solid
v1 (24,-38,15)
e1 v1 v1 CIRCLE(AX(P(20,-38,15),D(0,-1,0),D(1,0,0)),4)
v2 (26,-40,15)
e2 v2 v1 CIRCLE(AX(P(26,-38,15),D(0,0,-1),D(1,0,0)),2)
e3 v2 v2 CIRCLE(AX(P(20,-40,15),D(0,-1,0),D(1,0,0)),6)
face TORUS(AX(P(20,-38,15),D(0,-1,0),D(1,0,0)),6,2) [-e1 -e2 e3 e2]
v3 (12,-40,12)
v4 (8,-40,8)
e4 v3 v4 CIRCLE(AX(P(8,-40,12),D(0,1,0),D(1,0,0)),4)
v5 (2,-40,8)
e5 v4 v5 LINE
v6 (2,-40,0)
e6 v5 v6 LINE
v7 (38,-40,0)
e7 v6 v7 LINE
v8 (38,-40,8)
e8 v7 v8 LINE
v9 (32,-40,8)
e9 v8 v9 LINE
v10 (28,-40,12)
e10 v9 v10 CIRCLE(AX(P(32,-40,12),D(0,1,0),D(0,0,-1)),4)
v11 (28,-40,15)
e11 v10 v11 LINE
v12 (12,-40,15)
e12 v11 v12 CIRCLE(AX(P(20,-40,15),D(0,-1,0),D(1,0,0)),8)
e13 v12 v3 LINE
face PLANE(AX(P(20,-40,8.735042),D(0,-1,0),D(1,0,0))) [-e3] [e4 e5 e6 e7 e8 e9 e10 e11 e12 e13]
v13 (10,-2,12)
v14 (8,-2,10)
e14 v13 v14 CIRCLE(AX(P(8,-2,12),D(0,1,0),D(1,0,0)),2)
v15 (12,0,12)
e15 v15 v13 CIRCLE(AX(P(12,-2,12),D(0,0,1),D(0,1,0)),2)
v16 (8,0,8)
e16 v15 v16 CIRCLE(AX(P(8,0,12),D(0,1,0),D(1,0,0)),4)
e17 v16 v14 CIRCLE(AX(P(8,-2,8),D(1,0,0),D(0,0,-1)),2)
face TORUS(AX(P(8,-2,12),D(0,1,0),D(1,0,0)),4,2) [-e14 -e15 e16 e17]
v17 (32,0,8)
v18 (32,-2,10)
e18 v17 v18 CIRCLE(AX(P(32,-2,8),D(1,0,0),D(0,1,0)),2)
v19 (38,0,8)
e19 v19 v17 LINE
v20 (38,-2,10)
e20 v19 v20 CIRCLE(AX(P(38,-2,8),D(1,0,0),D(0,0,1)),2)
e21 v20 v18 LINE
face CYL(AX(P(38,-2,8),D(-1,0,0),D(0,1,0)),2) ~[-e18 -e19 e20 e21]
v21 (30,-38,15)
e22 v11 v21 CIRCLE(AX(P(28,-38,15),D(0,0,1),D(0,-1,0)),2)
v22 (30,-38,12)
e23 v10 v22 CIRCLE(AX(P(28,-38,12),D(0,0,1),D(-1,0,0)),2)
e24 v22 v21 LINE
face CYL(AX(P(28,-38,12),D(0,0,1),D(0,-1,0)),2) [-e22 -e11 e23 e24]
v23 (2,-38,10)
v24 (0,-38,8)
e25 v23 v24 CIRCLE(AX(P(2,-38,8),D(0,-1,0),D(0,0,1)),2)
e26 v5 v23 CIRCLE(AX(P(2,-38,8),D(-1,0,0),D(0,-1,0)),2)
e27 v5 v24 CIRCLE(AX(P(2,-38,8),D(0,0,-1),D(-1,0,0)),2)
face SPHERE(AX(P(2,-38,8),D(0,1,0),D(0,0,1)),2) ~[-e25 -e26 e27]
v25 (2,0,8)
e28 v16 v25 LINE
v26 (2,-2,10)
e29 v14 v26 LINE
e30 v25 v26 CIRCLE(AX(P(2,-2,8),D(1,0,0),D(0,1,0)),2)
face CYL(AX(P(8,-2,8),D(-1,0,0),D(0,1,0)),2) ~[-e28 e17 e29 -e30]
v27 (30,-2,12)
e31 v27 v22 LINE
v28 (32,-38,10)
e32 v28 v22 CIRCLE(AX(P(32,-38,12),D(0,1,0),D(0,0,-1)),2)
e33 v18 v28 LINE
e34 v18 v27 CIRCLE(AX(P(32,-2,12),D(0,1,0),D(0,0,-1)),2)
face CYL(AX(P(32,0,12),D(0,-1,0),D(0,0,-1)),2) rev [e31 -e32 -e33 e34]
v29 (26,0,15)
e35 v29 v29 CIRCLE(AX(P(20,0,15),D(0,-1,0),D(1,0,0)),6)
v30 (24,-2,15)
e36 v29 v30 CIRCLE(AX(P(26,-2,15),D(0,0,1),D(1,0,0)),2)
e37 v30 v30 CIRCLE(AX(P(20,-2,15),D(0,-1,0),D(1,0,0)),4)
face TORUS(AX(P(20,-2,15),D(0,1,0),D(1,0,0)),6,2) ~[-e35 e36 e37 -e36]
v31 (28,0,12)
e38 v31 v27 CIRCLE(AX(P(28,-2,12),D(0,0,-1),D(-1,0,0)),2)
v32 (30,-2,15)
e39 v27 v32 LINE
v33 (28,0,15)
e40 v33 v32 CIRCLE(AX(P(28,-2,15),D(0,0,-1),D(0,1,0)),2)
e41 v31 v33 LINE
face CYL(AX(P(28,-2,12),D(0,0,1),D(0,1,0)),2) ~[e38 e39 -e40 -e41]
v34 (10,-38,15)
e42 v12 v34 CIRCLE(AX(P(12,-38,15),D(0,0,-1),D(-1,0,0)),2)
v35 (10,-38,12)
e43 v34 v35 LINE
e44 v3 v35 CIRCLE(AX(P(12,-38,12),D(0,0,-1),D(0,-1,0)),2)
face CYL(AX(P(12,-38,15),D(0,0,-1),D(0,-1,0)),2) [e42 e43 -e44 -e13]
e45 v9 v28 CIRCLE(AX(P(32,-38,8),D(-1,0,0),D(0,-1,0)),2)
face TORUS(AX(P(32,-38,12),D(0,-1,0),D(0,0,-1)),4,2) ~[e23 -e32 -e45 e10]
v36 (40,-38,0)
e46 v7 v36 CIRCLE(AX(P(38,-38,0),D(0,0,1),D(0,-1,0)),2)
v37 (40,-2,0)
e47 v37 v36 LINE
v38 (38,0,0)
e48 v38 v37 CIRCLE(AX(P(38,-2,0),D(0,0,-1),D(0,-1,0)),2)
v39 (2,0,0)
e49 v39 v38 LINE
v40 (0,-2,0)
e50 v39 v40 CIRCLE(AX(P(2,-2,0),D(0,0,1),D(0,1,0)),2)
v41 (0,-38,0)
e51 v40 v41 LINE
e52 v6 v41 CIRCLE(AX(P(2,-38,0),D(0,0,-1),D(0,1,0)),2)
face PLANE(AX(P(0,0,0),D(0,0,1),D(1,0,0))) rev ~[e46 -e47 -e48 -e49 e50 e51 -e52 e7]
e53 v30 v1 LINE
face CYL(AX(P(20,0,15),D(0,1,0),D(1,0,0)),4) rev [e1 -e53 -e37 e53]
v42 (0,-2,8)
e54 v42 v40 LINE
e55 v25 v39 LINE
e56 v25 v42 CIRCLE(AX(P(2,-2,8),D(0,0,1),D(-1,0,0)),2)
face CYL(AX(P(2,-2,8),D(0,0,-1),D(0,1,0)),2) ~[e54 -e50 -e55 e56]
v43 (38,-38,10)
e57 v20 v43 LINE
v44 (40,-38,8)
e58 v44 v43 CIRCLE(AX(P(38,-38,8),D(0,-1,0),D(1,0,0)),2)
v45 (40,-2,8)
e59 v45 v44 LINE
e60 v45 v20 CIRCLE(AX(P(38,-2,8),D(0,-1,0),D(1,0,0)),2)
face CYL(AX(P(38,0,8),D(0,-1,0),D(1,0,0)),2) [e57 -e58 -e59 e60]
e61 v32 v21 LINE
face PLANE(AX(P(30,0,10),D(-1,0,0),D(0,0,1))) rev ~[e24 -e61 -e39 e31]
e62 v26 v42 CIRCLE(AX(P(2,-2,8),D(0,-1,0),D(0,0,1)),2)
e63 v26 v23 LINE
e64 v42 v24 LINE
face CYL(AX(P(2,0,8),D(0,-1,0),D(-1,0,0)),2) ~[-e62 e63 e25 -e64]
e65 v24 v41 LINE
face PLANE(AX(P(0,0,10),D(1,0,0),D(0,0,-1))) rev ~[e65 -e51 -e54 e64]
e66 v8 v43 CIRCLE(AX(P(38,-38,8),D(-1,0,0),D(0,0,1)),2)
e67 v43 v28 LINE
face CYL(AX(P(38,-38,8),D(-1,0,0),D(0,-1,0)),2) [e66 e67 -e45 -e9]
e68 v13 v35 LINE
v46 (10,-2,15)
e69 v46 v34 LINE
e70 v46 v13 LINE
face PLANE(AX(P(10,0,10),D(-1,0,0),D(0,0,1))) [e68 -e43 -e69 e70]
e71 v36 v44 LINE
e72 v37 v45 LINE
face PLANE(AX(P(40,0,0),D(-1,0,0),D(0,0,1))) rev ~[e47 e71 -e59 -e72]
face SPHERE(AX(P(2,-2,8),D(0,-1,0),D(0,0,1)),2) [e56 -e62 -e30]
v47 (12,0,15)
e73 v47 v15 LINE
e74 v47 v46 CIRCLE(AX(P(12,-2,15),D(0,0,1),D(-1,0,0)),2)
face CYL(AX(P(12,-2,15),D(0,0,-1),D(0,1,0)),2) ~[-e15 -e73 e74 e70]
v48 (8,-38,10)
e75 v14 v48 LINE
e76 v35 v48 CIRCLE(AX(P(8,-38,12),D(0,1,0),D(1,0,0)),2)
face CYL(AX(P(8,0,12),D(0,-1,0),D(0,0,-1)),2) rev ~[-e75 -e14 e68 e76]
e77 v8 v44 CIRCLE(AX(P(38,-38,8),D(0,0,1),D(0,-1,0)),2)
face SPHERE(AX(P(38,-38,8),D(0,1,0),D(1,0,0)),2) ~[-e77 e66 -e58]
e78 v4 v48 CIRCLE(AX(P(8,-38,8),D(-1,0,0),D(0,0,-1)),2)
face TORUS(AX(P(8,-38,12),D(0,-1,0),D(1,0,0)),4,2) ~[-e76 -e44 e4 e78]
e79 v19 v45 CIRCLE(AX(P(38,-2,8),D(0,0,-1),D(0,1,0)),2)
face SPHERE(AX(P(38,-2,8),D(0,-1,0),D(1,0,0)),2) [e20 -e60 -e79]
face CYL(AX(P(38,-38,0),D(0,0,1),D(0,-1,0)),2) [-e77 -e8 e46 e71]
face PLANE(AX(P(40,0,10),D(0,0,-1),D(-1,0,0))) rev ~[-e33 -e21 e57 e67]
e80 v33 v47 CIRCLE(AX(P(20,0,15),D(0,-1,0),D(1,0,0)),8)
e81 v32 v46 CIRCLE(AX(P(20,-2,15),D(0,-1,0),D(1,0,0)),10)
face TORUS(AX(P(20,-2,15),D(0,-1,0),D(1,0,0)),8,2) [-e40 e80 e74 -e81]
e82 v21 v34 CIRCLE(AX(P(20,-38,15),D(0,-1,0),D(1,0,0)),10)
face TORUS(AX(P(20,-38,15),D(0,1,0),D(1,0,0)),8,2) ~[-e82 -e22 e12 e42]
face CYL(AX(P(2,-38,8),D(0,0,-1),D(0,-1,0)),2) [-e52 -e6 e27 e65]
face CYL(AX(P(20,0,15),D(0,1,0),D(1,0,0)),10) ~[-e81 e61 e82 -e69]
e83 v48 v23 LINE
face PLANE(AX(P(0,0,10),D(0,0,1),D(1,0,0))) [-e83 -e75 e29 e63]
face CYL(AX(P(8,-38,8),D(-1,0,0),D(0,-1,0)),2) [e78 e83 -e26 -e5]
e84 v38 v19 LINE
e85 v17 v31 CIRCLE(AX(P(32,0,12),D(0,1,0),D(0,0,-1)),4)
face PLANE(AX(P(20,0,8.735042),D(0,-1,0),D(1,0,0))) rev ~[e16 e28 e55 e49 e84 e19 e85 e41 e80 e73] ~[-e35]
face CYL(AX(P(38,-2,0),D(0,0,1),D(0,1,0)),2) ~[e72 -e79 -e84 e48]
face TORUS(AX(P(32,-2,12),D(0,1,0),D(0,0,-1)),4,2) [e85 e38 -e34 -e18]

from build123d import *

# Parameters (mm, degrees)
SKETCH_R      = 4
EXTRUDE_DEPTH = 40
FILLET_R      = 2
FILLET001_R   = 2


with BuildPart() as part:
    # Sketch → Extrude (new body)
    with BuildSketch(Plane.XZ):
        with BuildLine():
            Line((0, 0), (40, 0))
            Line((40, 0), (40, 10))
            Line((40, 10), (30, 10))
            Line((30, 10), (30, 15))
            ThreePointArc((30, 15), (20, 25), (10, 15))
            Line((10, 10), (10, 15))
            Line((0, 10), (10, 10))
            Line((0, 10), (0, 0))
        make_face()
        with Locations((20, 15)):
            Circle(SKETCH_R, mode=Mode.SUBTRACT)
    extrude(amount=EXTRUDE_DEPTH)

    # Fillet
    fillet_edges = [part.edges().sort_by_distance(p)[0] for p in [
        (40, -20, 10),
        (30, -20, 10),
        (10, -20, 10),
        (0, -20, 10),
    ]]
    fillet(fillet_edges, radius=FILLET_R)

    # Fillet001
    fillet001_edges = [part.edges().sort_by_distance(p)[0] for p in [
        (20, 0, 25),
        (16, 0, 15),
        (20, -40, 25),
        (16, -40, 15),
    ]]
    fillet(fillet001_edges, radius=FILLET001_R)


solid = part.part
